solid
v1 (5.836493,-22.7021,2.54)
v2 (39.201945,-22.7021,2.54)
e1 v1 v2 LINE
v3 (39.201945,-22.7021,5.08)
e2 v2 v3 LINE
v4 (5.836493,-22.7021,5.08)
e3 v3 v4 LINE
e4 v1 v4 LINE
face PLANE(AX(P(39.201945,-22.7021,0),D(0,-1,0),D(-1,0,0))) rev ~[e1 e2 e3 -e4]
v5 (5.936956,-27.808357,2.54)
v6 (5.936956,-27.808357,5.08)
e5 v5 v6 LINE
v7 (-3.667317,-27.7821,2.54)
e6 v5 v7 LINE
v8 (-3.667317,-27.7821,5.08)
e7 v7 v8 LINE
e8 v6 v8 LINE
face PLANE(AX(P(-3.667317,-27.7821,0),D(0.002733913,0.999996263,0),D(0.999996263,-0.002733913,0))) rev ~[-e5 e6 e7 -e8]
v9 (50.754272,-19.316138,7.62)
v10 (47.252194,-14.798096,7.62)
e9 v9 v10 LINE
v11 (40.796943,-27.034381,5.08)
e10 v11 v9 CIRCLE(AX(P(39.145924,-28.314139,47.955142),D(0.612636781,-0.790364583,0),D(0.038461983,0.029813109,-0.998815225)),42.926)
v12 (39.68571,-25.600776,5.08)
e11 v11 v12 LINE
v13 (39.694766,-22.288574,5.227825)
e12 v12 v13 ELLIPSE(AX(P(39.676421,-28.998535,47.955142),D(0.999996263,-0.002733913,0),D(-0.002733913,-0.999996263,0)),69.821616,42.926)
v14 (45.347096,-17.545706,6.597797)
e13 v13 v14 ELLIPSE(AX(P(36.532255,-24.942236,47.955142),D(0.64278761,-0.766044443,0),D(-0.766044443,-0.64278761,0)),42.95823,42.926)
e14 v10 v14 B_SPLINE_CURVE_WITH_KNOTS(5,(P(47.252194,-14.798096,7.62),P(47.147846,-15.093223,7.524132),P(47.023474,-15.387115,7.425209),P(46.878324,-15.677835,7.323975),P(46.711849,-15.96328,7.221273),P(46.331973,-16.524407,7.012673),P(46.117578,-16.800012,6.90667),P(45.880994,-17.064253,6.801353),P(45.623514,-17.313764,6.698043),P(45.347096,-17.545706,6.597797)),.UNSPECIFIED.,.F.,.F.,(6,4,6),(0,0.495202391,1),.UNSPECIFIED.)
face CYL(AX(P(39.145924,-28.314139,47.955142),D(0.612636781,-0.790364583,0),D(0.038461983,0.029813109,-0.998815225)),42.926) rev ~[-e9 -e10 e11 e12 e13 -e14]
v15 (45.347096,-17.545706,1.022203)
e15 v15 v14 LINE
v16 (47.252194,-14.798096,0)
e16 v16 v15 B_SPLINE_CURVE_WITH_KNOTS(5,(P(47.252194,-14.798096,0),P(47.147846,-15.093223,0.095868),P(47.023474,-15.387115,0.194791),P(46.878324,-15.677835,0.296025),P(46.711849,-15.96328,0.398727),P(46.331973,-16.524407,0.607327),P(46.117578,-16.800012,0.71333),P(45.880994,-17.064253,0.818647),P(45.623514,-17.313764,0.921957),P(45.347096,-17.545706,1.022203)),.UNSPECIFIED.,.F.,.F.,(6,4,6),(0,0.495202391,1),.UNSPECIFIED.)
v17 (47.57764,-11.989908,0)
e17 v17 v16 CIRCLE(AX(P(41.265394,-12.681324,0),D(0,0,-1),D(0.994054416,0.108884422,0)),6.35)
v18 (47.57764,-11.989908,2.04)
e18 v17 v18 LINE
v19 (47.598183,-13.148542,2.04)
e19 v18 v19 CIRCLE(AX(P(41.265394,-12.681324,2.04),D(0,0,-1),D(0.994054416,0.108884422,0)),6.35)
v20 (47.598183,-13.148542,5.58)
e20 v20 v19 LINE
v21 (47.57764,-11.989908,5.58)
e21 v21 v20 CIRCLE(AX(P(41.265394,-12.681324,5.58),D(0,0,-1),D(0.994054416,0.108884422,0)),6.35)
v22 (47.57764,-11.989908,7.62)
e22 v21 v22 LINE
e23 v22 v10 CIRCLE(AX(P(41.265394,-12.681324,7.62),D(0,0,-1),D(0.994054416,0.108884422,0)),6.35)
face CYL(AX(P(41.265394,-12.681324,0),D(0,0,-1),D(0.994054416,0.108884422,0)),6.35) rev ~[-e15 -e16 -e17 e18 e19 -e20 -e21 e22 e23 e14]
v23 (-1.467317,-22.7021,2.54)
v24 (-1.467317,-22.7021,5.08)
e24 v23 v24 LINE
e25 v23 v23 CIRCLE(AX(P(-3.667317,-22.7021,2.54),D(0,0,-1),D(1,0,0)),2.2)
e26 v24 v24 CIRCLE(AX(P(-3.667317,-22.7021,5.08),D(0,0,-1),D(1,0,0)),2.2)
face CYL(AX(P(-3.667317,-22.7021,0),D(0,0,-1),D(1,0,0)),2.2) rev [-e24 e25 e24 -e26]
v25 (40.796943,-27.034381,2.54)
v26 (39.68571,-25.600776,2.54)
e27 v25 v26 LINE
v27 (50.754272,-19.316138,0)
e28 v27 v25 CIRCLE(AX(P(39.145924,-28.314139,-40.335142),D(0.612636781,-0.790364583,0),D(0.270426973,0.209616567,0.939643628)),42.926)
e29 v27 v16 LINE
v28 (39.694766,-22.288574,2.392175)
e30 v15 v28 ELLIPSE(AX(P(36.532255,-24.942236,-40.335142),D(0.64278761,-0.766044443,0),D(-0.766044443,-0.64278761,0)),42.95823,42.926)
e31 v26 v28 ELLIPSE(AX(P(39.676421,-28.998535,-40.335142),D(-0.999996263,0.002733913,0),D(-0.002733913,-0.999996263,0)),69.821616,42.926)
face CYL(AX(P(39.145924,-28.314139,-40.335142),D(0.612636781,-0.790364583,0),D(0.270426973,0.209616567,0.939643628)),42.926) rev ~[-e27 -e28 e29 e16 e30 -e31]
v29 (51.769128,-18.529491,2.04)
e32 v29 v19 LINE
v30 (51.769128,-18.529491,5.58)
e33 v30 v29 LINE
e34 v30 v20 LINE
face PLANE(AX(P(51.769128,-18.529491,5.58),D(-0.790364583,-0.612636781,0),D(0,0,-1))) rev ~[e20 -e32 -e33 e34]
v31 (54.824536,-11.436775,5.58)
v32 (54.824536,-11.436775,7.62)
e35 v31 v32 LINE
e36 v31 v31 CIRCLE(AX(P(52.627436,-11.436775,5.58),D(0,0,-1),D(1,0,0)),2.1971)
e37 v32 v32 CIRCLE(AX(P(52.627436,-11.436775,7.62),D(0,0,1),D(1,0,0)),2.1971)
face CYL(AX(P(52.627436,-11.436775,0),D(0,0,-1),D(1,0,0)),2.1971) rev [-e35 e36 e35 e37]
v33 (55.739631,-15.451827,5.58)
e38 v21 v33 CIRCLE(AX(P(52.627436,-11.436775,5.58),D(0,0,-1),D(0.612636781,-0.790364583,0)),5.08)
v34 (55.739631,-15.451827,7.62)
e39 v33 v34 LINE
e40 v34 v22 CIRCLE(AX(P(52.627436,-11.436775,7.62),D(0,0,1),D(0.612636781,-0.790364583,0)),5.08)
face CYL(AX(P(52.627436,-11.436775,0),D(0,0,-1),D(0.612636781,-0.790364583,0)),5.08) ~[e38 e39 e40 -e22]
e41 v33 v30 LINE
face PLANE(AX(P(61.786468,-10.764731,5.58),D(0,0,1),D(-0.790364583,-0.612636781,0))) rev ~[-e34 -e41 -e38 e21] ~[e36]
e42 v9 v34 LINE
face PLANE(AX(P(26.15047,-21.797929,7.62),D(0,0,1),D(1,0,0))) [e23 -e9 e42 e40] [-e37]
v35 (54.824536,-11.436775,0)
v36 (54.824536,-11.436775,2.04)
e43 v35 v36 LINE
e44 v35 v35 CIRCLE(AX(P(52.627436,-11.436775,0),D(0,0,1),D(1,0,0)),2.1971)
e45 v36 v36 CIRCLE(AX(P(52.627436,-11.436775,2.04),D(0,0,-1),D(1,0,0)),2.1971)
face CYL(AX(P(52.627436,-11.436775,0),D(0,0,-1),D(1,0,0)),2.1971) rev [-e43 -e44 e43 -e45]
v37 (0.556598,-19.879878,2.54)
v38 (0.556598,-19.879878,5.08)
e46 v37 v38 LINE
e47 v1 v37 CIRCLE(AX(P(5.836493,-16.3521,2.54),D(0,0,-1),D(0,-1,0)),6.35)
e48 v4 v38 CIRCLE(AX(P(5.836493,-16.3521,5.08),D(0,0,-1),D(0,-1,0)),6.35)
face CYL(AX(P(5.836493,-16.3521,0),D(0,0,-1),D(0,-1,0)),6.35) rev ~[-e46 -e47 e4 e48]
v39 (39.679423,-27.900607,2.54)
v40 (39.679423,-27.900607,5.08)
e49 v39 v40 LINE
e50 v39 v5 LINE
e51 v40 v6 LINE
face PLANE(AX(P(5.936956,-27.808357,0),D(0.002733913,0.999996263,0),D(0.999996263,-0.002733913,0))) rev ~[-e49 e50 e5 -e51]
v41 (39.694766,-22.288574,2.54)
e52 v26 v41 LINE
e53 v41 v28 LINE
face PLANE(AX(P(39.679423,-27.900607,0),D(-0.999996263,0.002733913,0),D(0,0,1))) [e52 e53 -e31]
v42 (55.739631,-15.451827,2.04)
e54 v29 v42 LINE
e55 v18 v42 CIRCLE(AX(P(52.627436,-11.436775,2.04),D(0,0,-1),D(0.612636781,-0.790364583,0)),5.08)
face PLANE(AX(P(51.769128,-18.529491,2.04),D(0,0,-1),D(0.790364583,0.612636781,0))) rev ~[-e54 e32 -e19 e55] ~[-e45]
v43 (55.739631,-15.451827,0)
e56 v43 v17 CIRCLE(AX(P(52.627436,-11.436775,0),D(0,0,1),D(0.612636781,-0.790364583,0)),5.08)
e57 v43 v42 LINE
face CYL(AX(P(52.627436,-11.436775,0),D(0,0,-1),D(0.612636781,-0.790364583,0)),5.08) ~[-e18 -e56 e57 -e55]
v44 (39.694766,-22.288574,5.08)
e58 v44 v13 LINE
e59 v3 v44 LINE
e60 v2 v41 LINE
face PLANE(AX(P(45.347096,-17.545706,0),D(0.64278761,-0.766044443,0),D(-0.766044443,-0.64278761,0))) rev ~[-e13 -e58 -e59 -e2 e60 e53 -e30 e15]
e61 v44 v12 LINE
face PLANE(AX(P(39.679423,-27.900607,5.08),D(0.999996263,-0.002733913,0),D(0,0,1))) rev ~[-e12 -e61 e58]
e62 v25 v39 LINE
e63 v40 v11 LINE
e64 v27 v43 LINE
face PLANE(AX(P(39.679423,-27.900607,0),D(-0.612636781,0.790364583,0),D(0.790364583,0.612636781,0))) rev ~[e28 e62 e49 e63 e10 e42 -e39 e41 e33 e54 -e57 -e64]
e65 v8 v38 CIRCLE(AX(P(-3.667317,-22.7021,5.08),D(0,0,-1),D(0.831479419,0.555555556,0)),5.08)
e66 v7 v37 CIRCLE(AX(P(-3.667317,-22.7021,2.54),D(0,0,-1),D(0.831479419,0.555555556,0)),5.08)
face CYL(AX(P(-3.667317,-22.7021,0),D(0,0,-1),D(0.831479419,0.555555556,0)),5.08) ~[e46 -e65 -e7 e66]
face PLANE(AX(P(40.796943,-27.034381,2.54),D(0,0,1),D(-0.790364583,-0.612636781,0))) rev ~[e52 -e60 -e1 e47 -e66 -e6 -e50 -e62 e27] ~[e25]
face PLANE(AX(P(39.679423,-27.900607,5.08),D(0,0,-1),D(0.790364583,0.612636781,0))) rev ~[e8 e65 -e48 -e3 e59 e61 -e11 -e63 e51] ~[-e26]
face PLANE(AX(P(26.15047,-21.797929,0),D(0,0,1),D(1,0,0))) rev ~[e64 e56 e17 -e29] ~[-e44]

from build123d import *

# Parameters (mm, degrees)
F0_R     = 2.2
F0_R_2   = 2.1971
F1_DEPTH = 7.62
F2_W     = 8.5971400267
F2_H     = 2.54
F2_W_2   = 43.3469019601
F3_DEPTH = 12.7
F5_DEPTH = 25.4


with BuildPart() as f1:
    # F0 (on Top) → F1 (new body)
    with BuildSketch(Plane.XY):
        with BuildLine():
            Line((5.9369556572, -27.8083572605), (39.6794228829, -27.9006065895))
            Line((39.6794228829, -27.9006065895), (55.7396312141, -15.4518271971))
            ThreePointArc((55.7396312141, -15.4518271971), (54.6110684248, -6.7600664581), (47.5776399311, -11.9899079794))
            ThreePointArc((47.5776399311, -11.9899079794), (47.1582083615, -15.0471734784), (45.347095709, -17.5457062744))
            Line((45.347095709, -17.5457062744), (39.2019450665, -22.7020999121))
            Line((39.2019450665, -22.7020999121), (5.8364926789, -22.7020999121))
            ThreePointArc((5.8364926789, -22.7020999121), (2.8430739719, -21.9522735206), (0.5565983665, -19.8798776899))
            ThreePointArc((0.5565983665, -19.8798776899), (-8.1474559702, -20.3073649465), (-3.6673170835, -27.7820999121))
            Line((-3.6673170835, -27.7820999121), (5.9369556572, -27.8083572605))
        make_face()
        with Locations((-3.6673170835, -22.7020999121)):
            Circle(F0_R, mode=Mode.SUBTRACT)
        with Locations((52.627436366, -11.4367751143)):
            Circle(F0_R_2, mode=Mode.SUBTRACT)
    extrude(amount=F1_DEPTH)

    # F2 (on face) → F3 (cut, symmetric)
    with BuildSketch(Plane(origin=(-0.0759809827, -27.7919183508, 0), x_dir=(0.9999962629, -0.0027339134, 0), z_dir=(-0.0027339134, -0.9999962629, 0))):
        with Locations((-7.8899195355, 1.27)):
            Rectangle(F2_W, F2_H)
        with Locations((18.0821014579, 1.27)):
            Rectangle(F2_W_2, F2_H)
        with Locations((-7.8899195355, 6.35)):
            Rectangle(F2_W, F2_H)
        with Locations((18.0821014579, 6.35)):
            Rectangle(F2_W_2, F2_H)
    extrude(amount=F3_DEPTH, both=True, mode=Mode.SUBTRACT)

    # F4 (on face) → F5 (cut)
    with BuildSketch(Plane(origin=(28.4022854633, -36.6418752591, 0), x_dir=(0.7903645832, 0.6126367811, 0), z_dir=(0.6126367811, -0.7903645832, 0))):
        with BuildLine():
            Line((14.2682727173, 5.08), (15.6822027681, 5.08))
            ThreePointArc((15.6822027681, 5.08), (22.0769997922, 5.8758387603), (28.2806027681, 7.62))
            Line((28.2806027681, 7.62), (14.2682727173, 7.62))
            Line((14.2682727173, 7.62), (14.2682727173, 5.08))
        make_face()
        Polygon((34.5882727173, 2.04), (34.5882727173, 5.58), (29.5646376908, 5.58), (29.5646376908, 5.08), (29.5646376908, 4.3004048057), (29.5646376908, 3.3195951943), (29.5646376908, 2.54), (29.5646376908, 2.04), align=None)
        Polygon((41.6956804693, 5.58), (34.5882727173, 5.58), (34.5882727173, 2.04), (41.6956804693, 2.04), (42.2389656305, 2.04), (42.2389656305, 2.54), (42.2389656305, 3.4030259121), (42.2389656305, 4.2169740879), (42.2389656305, 5.08), (42.2389656305, 5.58), align=None)
        with BuildLine():
            Line((15.6822027681, 2.54), (14.2682727173, 2.54))
            Line((14.2682727173, 2.54), (14.2682727173, 0))
            Line((14.2682727173, 0), (28.2806027681, 0))
            ThreePointArc((28.2806027681, 0), (22.0769997922, 1.7441612397), (15.6822027681, 2.54))
        make_face()
    extrude(amount=-F5_DEPTH, mode=Mode.SUBTRACT)


solid = f1.part
